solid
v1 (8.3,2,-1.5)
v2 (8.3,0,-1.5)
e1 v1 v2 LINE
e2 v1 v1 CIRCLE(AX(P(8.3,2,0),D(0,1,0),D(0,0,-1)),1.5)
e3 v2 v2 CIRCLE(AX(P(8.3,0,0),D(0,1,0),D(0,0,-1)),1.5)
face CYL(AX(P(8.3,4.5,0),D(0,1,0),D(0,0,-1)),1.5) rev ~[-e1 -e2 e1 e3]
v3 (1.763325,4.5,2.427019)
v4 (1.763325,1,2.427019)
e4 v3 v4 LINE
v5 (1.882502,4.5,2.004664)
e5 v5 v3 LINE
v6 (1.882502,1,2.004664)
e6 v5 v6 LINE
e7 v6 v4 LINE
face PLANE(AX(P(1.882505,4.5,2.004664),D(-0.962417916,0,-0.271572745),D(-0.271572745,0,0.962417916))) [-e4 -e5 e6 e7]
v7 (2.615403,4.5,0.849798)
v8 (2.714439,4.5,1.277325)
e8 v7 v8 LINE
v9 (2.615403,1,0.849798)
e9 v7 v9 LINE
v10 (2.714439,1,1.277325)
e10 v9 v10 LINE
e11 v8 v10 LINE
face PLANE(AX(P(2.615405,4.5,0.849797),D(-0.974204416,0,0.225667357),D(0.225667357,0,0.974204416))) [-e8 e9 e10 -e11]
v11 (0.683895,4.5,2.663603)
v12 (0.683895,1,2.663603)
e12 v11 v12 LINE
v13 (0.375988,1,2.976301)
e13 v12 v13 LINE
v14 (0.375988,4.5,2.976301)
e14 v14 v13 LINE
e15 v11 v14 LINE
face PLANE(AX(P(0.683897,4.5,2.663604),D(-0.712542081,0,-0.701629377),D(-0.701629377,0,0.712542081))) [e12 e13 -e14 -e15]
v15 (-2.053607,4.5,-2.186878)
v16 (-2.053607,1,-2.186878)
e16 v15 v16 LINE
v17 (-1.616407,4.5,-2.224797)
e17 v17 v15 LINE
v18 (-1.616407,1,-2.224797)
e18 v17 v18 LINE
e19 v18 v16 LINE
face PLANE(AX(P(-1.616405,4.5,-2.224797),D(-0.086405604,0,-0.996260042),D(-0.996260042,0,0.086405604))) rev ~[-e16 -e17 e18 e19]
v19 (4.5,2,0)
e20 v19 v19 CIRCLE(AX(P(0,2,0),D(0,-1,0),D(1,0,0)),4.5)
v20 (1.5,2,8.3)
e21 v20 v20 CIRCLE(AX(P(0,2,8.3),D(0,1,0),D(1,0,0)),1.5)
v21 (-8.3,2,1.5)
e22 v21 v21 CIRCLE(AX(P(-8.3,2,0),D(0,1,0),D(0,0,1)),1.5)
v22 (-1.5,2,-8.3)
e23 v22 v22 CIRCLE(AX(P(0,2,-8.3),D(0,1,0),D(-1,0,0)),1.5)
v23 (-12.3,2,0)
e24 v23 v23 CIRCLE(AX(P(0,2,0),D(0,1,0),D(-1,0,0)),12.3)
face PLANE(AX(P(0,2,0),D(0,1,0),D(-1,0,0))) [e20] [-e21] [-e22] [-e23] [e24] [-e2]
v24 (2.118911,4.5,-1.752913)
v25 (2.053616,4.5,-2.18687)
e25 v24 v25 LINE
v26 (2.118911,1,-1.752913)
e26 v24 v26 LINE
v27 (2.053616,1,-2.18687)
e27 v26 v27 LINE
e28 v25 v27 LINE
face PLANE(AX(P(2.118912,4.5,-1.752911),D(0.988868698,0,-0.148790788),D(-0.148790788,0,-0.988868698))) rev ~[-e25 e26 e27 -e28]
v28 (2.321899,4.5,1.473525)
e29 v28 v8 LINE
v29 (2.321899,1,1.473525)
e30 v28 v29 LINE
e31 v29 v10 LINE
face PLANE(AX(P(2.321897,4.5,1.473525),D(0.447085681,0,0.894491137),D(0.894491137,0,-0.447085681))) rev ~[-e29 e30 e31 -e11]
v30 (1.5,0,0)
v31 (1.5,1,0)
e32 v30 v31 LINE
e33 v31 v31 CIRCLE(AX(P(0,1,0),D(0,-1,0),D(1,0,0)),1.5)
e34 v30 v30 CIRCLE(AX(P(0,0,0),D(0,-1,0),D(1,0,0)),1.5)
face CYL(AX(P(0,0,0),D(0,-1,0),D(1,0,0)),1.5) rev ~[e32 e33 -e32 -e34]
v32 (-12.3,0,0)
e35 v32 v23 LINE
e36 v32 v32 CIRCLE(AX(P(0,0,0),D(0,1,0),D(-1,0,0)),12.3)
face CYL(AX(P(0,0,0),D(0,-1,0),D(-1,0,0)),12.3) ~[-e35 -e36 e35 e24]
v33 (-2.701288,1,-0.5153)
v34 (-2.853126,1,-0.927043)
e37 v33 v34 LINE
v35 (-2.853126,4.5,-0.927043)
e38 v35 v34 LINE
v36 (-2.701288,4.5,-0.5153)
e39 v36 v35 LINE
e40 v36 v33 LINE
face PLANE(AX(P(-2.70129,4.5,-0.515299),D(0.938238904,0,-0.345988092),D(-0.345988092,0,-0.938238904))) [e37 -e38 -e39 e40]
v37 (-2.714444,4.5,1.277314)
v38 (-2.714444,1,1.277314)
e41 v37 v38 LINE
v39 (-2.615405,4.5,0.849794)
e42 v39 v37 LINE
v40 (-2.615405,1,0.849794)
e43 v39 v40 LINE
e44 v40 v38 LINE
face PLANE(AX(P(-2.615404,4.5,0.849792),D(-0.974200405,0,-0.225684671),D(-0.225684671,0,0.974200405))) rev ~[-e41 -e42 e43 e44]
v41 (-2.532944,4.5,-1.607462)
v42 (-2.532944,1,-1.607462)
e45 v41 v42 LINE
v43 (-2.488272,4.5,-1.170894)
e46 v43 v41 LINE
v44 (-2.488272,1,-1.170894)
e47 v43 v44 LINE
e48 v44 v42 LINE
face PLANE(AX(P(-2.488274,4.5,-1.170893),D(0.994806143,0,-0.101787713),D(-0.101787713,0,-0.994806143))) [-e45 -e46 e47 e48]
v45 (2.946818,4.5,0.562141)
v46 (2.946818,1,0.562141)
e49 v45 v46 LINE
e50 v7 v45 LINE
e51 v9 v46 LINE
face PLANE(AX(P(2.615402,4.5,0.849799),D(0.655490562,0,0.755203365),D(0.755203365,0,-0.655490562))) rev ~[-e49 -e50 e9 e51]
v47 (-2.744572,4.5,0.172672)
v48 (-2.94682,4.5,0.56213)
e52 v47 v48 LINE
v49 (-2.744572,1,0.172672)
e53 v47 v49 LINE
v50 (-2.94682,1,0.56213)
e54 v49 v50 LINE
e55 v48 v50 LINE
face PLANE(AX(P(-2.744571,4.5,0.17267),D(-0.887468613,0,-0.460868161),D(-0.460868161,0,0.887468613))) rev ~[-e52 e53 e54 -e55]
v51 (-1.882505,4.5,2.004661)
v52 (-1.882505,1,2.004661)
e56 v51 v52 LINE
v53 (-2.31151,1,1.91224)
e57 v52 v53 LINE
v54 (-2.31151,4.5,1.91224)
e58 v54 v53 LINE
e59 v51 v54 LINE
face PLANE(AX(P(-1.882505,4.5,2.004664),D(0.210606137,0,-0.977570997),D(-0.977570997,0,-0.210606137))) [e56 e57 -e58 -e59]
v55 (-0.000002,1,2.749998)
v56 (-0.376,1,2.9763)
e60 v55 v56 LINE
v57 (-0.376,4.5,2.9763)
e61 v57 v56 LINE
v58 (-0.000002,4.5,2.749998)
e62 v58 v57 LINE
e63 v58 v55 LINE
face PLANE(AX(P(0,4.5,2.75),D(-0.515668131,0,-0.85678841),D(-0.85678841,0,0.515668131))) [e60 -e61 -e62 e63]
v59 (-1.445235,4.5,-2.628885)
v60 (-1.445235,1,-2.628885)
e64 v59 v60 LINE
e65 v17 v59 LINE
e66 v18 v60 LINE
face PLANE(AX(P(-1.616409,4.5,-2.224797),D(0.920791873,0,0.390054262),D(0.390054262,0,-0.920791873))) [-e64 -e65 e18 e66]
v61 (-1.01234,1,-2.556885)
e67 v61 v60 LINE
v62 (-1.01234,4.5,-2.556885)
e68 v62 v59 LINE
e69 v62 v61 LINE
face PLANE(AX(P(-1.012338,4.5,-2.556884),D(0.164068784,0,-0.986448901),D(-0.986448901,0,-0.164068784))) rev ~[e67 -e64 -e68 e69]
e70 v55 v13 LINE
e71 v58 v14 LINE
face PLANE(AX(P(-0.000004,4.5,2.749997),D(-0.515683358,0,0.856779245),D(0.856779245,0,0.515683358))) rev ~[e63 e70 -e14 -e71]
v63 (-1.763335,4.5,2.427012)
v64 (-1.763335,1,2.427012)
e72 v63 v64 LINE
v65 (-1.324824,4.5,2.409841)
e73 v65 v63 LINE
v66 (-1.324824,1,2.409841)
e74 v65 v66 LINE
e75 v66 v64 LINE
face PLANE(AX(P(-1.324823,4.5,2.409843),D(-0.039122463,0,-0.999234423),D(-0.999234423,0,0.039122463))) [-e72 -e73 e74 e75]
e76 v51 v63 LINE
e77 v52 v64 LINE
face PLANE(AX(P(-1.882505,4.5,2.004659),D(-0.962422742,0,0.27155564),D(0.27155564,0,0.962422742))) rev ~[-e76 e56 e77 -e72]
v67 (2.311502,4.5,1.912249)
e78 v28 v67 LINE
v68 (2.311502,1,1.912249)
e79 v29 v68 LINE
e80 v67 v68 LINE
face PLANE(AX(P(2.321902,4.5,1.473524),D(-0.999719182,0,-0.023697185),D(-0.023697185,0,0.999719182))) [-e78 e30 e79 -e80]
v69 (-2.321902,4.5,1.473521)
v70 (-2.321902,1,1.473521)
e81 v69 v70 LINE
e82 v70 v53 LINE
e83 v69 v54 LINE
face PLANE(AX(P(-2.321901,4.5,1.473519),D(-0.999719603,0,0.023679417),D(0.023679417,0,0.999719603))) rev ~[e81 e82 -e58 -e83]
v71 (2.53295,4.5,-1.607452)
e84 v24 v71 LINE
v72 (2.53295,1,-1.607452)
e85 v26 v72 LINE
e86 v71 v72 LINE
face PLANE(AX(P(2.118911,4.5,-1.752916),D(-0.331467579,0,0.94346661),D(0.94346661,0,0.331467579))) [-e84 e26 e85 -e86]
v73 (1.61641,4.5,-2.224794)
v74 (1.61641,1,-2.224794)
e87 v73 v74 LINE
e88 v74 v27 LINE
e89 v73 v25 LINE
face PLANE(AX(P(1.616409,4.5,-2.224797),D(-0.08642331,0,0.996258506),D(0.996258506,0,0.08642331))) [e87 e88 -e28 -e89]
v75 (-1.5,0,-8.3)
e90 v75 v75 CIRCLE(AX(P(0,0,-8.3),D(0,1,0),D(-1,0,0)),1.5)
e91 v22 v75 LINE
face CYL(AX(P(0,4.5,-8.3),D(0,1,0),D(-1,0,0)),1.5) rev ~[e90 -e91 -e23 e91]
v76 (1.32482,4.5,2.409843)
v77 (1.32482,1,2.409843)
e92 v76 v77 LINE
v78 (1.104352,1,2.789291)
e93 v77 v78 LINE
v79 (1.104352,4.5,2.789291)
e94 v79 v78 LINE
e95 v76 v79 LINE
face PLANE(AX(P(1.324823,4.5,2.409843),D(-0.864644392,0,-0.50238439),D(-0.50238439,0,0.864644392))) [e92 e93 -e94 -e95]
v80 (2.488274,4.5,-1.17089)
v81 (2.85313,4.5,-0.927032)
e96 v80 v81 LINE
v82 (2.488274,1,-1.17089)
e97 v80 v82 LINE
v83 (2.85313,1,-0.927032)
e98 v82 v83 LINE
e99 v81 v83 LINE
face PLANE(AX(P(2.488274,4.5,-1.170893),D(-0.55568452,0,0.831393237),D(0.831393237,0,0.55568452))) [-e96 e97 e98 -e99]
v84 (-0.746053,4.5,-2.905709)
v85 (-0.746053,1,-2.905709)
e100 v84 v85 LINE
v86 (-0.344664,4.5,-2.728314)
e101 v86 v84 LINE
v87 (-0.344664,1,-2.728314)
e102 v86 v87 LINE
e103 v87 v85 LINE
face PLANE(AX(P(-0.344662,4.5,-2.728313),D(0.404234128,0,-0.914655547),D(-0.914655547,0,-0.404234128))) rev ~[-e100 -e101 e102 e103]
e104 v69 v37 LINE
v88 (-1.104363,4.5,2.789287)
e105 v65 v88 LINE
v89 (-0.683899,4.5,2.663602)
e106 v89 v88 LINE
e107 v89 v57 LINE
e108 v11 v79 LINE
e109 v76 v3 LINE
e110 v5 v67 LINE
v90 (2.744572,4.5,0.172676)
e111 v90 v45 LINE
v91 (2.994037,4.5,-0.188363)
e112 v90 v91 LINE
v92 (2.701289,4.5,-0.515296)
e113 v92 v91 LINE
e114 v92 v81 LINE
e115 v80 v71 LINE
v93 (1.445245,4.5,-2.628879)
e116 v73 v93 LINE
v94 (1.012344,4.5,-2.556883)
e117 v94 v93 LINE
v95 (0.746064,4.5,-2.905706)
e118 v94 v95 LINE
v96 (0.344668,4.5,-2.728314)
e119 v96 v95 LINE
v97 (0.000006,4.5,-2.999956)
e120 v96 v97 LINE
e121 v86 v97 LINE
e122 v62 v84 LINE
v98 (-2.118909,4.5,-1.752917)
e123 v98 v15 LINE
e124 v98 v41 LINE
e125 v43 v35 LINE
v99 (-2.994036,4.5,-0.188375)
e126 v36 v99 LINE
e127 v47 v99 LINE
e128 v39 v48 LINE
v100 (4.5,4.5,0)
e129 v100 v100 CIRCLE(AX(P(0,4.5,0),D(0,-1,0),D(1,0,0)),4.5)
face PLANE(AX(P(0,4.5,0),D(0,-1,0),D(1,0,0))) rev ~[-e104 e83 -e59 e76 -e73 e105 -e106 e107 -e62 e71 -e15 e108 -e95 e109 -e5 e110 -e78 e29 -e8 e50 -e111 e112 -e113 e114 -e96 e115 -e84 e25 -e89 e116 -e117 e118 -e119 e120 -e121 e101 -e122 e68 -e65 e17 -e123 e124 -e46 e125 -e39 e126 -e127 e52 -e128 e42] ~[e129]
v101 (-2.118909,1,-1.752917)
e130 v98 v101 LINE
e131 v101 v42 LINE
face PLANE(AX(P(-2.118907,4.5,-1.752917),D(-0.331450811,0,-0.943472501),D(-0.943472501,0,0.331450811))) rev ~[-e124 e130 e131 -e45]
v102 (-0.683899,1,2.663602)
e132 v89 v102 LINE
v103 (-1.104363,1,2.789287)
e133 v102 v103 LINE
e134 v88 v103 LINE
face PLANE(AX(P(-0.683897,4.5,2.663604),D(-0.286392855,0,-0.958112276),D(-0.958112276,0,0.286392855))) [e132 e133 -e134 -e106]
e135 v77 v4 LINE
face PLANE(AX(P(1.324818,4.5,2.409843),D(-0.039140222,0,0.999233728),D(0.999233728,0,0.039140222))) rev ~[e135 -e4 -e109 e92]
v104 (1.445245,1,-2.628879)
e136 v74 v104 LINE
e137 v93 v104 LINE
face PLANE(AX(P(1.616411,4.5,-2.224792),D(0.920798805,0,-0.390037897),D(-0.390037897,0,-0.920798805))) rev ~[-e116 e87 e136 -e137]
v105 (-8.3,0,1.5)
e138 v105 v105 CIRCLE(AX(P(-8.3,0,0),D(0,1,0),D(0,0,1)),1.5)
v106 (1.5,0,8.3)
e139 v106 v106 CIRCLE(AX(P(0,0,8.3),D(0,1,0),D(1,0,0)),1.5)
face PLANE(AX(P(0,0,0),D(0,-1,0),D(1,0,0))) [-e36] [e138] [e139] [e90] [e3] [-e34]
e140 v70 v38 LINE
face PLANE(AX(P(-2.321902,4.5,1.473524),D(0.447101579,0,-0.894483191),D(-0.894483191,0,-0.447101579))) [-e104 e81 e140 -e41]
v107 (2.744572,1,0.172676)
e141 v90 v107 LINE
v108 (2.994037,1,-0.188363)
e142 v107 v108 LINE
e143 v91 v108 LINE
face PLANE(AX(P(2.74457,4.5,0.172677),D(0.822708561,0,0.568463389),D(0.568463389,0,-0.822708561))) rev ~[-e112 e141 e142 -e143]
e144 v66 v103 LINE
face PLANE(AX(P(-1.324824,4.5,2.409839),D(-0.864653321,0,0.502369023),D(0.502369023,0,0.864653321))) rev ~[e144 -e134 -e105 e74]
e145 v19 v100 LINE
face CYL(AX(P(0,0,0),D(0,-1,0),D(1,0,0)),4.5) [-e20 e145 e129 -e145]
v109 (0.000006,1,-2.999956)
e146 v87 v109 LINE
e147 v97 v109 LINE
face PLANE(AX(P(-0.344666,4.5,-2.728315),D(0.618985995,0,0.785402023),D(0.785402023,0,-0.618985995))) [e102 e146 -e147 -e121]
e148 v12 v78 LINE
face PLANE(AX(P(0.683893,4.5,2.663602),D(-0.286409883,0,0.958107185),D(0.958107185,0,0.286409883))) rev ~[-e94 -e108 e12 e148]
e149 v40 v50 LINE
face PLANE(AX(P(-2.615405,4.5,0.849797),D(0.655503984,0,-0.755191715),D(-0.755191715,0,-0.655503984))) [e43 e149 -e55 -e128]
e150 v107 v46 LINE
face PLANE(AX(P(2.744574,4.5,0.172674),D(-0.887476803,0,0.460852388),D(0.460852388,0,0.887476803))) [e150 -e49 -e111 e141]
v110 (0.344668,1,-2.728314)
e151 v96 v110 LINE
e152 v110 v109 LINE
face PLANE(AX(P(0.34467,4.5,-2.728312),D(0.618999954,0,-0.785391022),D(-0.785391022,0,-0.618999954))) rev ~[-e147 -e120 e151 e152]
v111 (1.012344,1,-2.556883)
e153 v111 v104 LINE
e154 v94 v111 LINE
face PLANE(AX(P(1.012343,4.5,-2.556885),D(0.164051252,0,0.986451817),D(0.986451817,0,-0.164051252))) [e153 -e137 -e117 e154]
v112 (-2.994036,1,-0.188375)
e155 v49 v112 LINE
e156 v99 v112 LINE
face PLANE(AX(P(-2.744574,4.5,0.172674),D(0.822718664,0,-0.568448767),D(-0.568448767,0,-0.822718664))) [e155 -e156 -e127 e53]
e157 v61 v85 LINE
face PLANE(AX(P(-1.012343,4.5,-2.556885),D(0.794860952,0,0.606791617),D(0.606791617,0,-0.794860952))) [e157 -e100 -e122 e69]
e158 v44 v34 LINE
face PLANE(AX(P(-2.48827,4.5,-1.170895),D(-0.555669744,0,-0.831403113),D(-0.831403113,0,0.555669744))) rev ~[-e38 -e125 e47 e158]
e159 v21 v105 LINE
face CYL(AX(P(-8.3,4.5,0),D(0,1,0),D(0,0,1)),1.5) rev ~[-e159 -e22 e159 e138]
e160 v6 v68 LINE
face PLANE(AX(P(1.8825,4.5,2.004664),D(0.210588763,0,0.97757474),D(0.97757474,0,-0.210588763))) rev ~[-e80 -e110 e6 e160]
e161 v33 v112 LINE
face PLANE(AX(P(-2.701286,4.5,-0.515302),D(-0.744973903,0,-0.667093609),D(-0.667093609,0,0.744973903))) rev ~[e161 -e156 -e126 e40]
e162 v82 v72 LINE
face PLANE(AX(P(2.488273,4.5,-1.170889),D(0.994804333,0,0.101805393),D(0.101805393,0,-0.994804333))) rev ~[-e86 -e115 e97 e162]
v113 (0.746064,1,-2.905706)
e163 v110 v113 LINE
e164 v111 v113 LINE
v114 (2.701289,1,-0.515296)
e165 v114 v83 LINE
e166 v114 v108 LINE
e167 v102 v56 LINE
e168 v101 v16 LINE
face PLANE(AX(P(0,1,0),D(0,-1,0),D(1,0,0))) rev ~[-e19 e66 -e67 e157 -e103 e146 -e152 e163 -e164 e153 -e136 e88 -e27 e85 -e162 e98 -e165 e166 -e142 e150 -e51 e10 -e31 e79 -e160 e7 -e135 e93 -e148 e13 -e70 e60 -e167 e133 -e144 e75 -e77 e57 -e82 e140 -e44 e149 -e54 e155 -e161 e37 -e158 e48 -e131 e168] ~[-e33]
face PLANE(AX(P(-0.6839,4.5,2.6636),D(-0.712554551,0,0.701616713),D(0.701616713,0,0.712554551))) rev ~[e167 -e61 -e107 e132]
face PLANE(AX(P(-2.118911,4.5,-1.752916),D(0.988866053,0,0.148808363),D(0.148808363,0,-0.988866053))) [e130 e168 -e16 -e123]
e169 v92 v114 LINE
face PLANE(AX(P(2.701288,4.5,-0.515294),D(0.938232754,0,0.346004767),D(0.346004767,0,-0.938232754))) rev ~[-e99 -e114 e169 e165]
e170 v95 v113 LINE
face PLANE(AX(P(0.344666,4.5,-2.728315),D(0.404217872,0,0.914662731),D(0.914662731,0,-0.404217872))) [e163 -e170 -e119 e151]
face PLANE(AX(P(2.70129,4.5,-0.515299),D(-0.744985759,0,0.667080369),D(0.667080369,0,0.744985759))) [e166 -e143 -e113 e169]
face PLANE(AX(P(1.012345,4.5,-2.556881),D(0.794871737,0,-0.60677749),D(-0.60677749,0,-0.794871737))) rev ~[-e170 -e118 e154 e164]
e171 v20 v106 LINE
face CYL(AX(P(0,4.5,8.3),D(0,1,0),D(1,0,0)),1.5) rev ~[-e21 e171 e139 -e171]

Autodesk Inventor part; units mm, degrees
ref_plane "YZ Plane" through (0, 0, 0) normal (1, 0, 0) x (0, 1, 0)
ref_plane "XZ Plane" through (0, 0, 0) normal (0, 1, 0) x (-1, 0, 0)
ref_plane "XY Plane" through (0, 0, 0) normal (0, 0, 1) x (1, 0, 0)
sketch "Sketch1" plane through (0, 0, 0) normal (0, 1, 0) x (-1, 0, 0)
  circle A0 centre (0, 0) radius 12.3
  circle A1 centre (0, 0) radius 4.5
  circle A2 centre (0, 0) radius 2.75
  circle A3 centre (0, 0) radius 1.5
  dimension "d0" = 24.6
  dimension "d1" = 9
  dimension "d2" = 5.5
  dimension "d3" = 3
extrude "Extrusion1" add sketch "Sketch1" along normal blind 2 contours A0
sketch "Sketch2" plane through (0, 0, 0) normal (0, -1, 0) x (1, 0, 0)
  circle A0 centre (0, 0) radius 10
  circle A1 centre (0, 0) radius 4.5
  circle A2 centre (0, 0) radius 2.75
  circle A3 centre (0, 0) radius 1.5
  dimension "d6" = 20
  dimension "d7" = 9
  dimension "d8" = 5.5
  dimension "d9" = 3
extrude "Extrusion2" add sketch "Sketch2" against normal blind 4.5 contours A1
sketch "Sketch3" plane through (0, 0, 0) normal (0, -1, 0) x (1, 0, 0)
  circle A0 centre (0, 0) radius 10
  circle A1 centre (0, 0) radius 4.5
  circle A2 centre (0, 0) radius 2.75
  circle A3 centre (0, 0) radius 1.5
  dimension "d12" = 20
  dimension "d13" = 9
  dimension "d14" = 5.5
  dimension "d15" = 3
extrude "Extrusion3" add sketch "Sketch3" against normal blind 1 contours A2
sketch "Sketch4" plane through (0, 4.5, 0) normal (0, 1, 0) x (1, 0, 0)
  circle A0 centre (0, 0) radius 8.3 construction
  line L0 (0, 0) -> (0, -8.3) construction
  circle A1 centre (0, -8.3) radius 1.5
  dimension "d18" = 16.6
  dimension "d19" = 3
extrude "Extrusion4" cut sketch "Sketch4" against normal up to next
pattern_circular "Circular Pattern1" count 4 over 360 about axis through (0, 0, 0) along (0, 1, 0) of "Extrusion4"
sketch "Sketch5" plane through (0, 4.5, 0) normal (0, 1, 0) x (1, 0, 0)
  circle A0 centre (0, 0) radius 1.5 projected
  circle A1 centre (0, 0) radius 3 construction
  line L0 (0, 0) -> (0, -3) construction
  line L1 (0, 0) -> (-0.376, -2.9763) construction
  line L2 (0, 0) -> (-0.7461, -2.9057) construction
  circle A2 centre (0, 0) radius 2.75 projected
  line L3 (0, -2.75) -> (-0.376, -2.9763)
  line L4 (-0.6839, -2.6636) -> (-0.376, -2.9763)
  arc A3 (-0.6839, -2.6636) -> (0, -2.75) centre (0, 0) ccw
  dimension "d25" = 6
  dimension "d26" = 7.2
  dimension "d27" = 14.4
extrude "Extrusion5" cut sketch "Sketch5" against normal up to surface (3.5 mm away) contours A2 L3 L4
pattern_circular "Circular Pattern2" count 25 over 360 about axis through (0, 0, 0) along (0, 1, 0) of "Extrusion5"
properties part number "Horn"
